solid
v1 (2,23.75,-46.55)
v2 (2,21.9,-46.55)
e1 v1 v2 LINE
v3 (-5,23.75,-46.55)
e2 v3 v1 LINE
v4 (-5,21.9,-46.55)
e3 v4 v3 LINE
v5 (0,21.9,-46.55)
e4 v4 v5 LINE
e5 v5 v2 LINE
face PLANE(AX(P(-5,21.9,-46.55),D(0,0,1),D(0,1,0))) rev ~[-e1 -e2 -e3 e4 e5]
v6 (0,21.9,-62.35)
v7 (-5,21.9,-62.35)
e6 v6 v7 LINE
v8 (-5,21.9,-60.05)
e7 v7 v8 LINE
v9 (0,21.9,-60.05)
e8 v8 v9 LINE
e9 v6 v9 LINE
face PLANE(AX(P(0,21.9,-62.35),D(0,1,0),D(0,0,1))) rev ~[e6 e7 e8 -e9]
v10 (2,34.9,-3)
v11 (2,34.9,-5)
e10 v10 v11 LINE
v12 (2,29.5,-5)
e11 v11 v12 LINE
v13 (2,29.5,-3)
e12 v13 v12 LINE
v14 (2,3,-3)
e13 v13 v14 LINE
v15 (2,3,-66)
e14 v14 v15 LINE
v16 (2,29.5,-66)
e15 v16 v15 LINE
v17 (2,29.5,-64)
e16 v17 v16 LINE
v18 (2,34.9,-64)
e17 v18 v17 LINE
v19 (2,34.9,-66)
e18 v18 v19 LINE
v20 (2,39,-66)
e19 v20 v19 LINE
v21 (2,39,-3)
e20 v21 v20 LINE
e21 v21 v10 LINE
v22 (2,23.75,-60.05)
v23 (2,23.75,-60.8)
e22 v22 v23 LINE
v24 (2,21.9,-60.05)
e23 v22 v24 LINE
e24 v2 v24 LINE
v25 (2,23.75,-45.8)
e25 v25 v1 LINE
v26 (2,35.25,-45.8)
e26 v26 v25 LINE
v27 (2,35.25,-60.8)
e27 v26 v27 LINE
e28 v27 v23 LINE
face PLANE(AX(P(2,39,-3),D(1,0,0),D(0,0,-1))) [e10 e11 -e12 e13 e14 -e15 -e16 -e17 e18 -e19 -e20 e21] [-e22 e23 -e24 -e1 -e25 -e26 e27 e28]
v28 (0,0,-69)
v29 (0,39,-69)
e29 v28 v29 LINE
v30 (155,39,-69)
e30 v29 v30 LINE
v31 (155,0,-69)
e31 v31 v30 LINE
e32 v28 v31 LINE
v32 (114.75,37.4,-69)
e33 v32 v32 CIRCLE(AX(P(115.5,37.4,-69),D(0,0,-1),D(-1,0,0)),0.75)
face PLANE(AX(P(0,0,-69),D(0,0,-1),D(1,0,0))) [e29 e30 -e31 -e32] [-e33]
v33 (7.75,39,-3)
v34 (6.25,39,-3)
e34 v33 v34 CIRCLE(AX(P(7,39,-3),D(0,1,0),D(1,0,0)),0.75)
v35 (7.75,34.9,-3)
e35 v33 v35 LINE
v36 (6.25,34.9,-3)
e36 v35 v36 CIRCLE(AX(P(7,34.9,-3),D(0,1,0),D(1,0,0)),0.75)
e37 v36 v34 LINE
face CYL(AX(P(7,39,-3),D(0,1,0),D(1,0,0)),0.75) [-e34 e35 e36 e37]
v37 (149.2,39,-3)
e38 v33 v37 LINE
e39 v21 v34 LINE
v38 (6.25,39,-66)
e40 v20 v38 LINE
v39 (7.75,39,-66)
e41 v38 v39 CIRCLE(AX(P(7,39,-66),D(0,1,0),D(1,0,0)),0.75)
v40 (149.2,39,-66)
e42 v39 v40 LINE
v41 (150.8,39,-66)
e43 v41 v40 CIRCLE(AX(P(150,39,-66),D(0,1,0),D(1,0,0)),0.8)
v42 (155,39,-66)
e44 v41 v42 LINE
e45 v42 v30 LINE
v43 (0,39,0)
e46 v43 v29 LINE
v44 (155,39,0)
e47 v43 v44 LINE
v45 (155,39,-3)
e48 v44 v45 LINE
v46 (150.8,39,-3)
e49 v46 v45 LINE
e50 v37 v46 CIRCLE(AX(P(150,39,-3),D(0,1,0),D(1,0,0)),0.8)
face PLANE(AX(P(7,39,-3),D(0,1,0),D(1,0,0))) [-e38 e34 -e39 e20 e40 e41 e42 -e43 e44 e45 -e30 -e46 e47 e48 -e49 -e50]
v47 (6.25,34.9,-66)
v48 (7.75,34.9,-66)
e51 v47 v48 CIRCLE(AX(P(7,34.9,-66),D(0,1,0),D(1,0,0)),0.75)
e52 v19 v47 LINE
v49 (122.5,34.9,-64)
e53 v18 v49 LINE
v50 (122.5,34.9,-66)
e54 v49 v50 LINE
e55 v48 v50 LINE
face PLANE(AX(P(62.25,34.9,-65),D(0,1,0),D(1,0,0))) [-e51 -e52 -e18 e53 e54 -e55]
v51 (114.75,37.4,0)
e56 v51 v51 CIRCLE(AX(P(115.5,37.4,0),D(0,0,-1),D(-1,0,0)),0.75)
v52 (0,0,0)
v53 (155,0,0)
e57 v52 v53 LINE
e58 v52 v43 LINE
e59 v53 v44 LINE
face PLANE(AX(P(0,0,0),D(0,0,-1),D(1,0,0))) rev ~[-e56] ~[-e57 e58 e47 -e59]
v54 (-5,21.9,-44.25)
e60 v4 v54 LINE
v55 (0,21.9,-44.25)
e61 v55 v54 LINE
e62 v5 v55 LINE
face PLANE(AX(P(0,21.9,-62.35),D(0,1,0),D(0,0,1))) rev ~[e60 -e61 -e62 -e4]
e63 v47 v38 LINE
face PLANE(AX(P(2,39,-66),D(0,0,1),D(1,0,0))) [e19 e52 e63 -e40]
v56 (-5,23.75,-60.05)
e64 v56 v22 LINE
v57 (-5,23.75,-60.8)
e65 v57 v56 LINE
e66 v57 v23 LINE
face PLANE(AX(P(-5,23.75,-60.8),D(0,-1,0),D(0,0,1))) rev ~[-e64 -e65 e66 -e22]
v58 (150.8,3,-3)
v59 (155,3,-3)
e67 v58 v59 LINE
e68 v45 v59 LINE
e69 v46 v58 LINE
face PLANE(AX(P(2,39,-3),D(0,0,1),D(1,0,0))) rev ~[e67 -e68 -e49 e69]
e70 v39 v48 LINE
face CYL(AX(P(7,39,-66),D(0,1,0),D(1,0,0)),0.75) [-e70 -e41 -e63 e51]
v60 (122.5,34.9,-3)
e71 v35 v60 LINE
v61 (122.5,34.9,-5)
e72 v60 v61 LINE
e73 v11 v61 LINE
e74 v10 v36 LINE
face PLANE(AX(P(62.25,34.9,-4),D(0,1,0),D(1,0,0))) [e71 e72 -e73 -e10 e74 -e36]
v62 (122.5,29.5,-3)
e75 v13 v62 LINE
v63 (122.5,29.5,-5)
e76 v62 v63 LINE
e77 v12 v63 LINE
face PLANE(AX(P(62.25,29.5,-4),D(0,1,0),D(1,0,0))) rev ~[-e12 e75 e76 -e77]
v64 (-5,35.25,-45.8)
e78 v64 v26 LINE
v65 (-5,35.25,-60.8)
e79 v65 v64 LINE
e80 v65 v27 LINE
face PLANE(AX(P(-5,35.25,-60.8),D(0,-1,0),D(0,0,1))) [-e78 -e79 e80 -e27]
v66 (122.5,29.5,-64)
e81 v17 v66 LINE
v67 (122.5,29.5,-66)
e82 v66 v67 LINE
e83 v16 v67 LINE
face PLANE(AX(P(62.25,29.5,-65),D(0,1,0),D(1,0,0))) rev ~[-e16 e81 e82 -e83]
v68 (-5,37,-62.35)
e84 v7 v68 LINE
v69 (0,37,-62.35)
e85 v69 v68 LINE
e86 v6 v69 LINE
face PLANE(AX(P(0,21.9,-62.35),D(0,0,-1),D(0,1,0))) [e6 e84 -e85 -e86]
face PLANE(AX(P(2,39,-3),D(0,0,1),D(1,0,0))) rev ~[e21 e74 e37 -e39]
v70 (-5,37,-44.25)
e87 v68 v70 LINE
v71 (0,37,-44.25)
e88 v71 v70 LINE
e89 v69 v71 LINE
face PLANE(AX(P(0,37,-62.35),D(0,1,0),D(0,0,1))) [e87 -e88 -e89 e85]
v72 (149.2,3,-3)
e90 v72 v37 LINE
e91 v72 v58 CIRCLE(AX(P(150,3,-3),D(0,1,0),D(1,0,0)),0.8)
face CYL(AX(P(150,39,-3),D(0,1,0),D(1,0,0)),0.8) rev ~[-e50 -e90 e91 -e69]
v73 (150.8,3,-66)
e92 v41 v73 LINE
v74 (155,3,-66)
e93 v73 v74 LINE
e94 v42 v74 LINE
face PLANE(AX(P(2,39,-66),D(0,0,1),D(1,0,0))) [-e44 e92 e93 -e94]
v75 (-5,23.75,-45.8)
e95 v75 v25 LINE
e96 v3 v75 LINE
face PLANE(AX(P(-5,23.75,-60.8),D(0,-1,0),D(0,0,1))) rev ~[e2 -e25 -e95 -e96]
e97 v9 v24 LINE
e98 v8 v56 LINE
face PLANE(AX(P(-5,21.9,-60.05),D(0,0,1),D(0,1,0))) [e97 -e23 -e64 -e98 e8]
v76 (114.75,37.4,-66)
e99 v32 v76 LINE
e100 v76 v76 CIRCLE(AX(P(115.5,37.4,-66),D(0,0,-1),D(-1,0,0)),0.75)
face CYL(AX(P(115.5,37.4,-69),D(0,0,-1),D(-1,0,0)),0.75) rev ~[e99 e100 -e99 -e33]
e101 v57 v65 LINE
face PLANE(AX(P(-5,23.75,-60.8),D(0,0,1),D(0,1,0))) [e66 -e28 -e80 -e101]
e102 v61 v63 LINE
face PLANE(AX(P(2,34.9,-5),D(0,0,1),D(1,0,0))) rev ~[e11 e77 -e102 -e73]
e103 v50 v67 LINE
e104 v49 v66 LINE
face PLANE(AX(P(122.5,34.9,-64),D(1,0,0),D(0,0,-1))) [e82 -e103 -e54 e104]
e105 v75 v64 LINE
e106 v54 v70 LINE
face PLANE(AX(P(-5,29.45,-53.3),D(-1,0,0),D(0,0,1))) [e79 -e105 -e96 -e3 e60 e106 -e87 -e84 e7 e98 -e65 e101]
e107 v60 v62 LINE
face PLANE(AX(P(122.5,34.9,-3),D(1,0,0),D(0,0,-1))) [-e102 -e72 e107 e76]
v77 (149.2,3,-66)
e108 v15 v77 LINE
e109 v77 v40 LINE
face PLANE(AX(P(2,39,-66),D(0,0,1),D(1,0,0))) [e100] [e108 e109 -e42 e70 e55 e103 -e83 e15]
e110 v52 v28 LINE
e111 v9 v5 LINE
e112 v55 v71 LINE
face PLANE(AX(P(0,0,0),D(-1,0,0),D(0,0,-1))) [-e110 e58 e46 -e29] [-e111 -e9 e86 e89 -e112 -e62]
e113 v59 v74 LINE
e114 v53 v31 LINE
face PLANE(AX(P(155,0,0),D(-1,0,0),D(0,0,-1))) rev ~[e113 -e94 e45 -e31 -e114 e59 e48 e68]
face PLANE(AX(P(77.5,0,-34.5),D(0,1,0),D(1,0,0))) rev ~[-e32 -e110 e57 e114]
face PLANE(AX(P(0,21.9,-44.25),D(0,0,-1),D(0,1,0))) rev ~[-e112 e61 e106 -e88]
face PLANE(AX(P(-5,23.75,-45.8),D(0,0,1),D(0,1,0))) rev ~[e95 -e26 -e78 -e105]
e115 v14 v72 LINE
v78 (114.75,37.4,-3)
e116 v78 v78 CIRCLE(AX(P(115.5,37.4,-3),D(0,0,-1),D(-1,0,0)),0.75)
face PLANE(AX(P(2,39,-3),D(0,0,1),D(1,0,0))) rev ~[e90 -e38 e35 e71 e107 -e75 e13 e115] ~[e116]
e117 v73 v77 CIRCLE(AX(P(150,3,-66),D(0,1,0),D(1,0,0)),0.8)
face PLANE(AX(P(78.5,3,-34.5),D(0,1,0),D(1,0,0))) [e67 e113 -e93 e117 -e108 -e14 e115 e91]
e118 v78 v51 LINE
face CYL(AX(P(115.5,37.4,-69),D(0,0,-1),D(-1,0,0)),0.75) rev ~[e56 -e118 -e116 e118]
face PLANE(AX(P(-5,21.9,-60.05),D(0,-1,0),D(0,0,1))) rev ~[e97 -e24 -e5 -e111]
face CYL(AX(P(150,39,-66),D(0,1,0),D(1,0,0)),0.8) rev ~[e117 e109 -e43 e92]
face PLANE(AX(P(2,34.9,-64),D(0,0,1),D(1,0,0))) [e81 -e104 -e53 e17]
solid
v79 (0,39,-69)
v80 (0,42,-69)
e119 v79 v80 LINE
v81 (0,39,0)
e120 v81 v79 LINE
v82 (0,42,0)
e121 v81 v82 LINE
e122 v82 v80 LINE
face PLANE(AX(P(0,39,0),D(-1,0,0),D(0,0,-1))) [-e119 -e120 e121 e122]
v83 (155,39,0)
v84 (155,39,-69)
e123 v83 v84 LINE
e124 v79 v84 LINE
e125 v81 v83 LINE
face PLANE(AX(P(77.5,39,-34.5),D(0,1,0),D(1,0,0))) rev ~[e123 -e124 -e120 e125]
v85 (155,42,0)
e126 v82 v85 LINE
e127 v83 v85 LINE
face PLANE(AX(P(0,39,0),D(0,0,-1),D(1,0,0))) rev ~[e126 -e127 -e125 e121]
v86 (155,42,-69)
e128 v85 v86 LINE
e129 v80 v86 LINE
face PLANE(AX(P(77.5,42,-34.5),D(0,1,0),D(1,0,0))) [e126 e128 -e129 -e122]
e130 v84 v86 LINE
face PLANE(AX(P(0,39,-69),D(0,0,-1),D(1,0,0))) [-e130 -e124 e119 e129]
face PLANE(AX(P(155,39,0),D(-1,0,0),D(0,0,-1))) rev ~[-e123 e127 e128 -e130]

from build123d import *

# Parameters (mm, degrees)
ESBO_O1_W                = 155
ESBO_O1_H                = 69
RESSALTO_EXTRUS_O1_DEPTH = 39
ESBO_O2_W                = 153
ESBO_O2_H                = 63
CORTE_EXTRUS_O1_DEPTH    = 36
RESSALTO_EXTRUS_O3_START = -4.1
ESBO_O5_W                = 120.5
ESBO_O5_H                = 2
RESSALTO_EXTRUS_O3_DEPTH = 5.4
ESBO_O7_R                = 0.8
CORTE_EXTRUS_O4_DEPTH    = 36
ESBO_O10_R               = 0.75
RESSALTO_EXTRUS_O5_DEPTH = 4.1
ESBO_O9_W                = 155
ESBO_O9_H                = 69
RESSALTO_EXTRUS_O4_DEPTH = 3
ESBO_O11_W               = 18.1
ESBO_O11_H               = 15.1
RESSALTO_EXTRUS_O6_DEPTH = 5
ESBO_O12_W               = 15
ESBO_O12_H               = 11.5
CORTE_EXTRUS_O5_DEPTH    = 9
ESBO_O14_W               = 13.5
ESBO_O14_H               = 1.85
CORTE_EXTRUS_O6_DEPTH    = 180.234483289
ESBO_O15_R               = 0.75
CORTE_EXTRUS_O7_DEPTH    = 175.785582929


with BuildPart() as part:
    # Esboço1 → Ressalto-extrusão1 (new body)
    with BuildSketch(Plane(origin=(0, 0, 0), x_dir=(1, 0, 0), z_dir=(0, 1, 0))):
        with Locations((77.5, 34.5)):
            Rectangle(ESBO_O1_W, ESBO_O1_H)
    extrude(amount=RESSALTO_EXTRUS_O1_DEPTH)

    # Esboço2 → Corte-extrusão1 (cut)
    with BuildSketch(Plane(origin=(0, 39, 0), x_dir=(1, 0, 0), z_dir=(0, 1, 0))):
        with Locations((78.5, 34.5)):
            Rectangle(ESBO_O2_W, ESBO_O2_H)
    extrude(amount=-CORTE_EXTRUS_O1_DEPTH, mode=Mode.SUBTRACT)

    # Esboço5 → Ressalto-extrusão3 (add)
    with BuildSketch(Plane(origin=(0, 39, 0), x_dir=(1, 0, 0), z_dir=(0, 1, 0)).offset(RESSALTO_EXTRUS_O3_START)):
        with Locations((62.25, 4)):
            Rectangle(ESBO_O5_W, ESBO_O5_H)
        with Locations((62.25, 65)):
            Rectangle(ESBO_O5_W, ESBO_O5_H)
    extrude(amount=-RESSALTO_EXTRUS_O3_DEPTH)

    # Esboço7 → Corte-extrusão4 (cut)
    with BuildSketch(Plane(origin=(0, 39, 0), x_dir=(1, 0, 0), z_dir=(0, 1, 0))):
        with Locations((150, 3)):
            Circle(ESBO_O7_R)
        with Locations((150, 66)):
            Circle(ESBO_O7_R)
    extrude(amount=-CORTE_EXTRUS_O4_DEPTH, mode=Mode.SUBTRACT)

    # Esboço10 → Ressalto-extrusão5 (add)
    with BuildSketch(Plane(origin=(0, 39, 0), x_dir=(1, 0, 0), z_dir=(0, 1, 0))):
        with Locations((7, 3)):
            Circle(ESBO_O10_R)
        with Locations((7, 66)):
            Circle(ESBO_O10_R)
    extrude(amount=-RESSALTO_EXTRUS_O5_DEPTH)

    # Esboço11 → Ressalto-extrusão6 (add)
    with BuildSketch(Plane.ZY):
        with Locations((-53.3, 29.45)):
            Rectangle(ESBO_O11_W, ESBO_O11_H)
    extrude(amount=RESSALTO_EXTRUS_O6_DEPTH)

    # Esboço12 → Corte-extrusão5 (cut)
    with BuildSketch(Plane.ZY.offset(5)):
        with Locations((-53.3, 29.5)):
            Rectangle(ESBO_O12_W, ESBO_O12_H)
    extrude(amount=-CORTE_EXTRUS_O5_DEPTH, mode=Mode.SUBTRACT)

    # Esboço14 → Corte-extrusão6 (cut, through all)
    with BuildSketch(Plane.ZY.offset(5)):
        with Locations((-53.3, 22.825)):
            Rectangle(ESBO_O14_W, ESBO_O14_H)
    extrude(amount=-CORTE_EXTRUS_O6_DEPTH, mode=Mode.SUBTRACT)

    # Esboço15 → Corte-extrusão7 (cut, through all)
    with BuildSketch(Plane(origin=(0, 0, -69), x_dir=(-1, 0, 0), z_dir=(0, 0, -1))):
        with Locations((-115.5, 37.4)):
            Circle(ESBO_O15_R)
    extrude(amount=-CORTE_EXTRUS_O7_DEPTH, mode=Mode.SUBTRACT)


with BuildPart() as body_2:
    # Esboço9 → Ressalto-extrusão4 (new body)
    with BuildSketch(Plane(origin=(0, 39, 0), x_dir=(1, 0, 0), z_dir=(0, 1, 0))):
        with Locations((77.5, 34.5)):
            Rectangle(ESBO_O9_W, ESBO_O9_H)
    extrude(amount=RESSALTO_EXTRUS_O4_DEPTH)


solid = Compound([part.part, body_2.part])
